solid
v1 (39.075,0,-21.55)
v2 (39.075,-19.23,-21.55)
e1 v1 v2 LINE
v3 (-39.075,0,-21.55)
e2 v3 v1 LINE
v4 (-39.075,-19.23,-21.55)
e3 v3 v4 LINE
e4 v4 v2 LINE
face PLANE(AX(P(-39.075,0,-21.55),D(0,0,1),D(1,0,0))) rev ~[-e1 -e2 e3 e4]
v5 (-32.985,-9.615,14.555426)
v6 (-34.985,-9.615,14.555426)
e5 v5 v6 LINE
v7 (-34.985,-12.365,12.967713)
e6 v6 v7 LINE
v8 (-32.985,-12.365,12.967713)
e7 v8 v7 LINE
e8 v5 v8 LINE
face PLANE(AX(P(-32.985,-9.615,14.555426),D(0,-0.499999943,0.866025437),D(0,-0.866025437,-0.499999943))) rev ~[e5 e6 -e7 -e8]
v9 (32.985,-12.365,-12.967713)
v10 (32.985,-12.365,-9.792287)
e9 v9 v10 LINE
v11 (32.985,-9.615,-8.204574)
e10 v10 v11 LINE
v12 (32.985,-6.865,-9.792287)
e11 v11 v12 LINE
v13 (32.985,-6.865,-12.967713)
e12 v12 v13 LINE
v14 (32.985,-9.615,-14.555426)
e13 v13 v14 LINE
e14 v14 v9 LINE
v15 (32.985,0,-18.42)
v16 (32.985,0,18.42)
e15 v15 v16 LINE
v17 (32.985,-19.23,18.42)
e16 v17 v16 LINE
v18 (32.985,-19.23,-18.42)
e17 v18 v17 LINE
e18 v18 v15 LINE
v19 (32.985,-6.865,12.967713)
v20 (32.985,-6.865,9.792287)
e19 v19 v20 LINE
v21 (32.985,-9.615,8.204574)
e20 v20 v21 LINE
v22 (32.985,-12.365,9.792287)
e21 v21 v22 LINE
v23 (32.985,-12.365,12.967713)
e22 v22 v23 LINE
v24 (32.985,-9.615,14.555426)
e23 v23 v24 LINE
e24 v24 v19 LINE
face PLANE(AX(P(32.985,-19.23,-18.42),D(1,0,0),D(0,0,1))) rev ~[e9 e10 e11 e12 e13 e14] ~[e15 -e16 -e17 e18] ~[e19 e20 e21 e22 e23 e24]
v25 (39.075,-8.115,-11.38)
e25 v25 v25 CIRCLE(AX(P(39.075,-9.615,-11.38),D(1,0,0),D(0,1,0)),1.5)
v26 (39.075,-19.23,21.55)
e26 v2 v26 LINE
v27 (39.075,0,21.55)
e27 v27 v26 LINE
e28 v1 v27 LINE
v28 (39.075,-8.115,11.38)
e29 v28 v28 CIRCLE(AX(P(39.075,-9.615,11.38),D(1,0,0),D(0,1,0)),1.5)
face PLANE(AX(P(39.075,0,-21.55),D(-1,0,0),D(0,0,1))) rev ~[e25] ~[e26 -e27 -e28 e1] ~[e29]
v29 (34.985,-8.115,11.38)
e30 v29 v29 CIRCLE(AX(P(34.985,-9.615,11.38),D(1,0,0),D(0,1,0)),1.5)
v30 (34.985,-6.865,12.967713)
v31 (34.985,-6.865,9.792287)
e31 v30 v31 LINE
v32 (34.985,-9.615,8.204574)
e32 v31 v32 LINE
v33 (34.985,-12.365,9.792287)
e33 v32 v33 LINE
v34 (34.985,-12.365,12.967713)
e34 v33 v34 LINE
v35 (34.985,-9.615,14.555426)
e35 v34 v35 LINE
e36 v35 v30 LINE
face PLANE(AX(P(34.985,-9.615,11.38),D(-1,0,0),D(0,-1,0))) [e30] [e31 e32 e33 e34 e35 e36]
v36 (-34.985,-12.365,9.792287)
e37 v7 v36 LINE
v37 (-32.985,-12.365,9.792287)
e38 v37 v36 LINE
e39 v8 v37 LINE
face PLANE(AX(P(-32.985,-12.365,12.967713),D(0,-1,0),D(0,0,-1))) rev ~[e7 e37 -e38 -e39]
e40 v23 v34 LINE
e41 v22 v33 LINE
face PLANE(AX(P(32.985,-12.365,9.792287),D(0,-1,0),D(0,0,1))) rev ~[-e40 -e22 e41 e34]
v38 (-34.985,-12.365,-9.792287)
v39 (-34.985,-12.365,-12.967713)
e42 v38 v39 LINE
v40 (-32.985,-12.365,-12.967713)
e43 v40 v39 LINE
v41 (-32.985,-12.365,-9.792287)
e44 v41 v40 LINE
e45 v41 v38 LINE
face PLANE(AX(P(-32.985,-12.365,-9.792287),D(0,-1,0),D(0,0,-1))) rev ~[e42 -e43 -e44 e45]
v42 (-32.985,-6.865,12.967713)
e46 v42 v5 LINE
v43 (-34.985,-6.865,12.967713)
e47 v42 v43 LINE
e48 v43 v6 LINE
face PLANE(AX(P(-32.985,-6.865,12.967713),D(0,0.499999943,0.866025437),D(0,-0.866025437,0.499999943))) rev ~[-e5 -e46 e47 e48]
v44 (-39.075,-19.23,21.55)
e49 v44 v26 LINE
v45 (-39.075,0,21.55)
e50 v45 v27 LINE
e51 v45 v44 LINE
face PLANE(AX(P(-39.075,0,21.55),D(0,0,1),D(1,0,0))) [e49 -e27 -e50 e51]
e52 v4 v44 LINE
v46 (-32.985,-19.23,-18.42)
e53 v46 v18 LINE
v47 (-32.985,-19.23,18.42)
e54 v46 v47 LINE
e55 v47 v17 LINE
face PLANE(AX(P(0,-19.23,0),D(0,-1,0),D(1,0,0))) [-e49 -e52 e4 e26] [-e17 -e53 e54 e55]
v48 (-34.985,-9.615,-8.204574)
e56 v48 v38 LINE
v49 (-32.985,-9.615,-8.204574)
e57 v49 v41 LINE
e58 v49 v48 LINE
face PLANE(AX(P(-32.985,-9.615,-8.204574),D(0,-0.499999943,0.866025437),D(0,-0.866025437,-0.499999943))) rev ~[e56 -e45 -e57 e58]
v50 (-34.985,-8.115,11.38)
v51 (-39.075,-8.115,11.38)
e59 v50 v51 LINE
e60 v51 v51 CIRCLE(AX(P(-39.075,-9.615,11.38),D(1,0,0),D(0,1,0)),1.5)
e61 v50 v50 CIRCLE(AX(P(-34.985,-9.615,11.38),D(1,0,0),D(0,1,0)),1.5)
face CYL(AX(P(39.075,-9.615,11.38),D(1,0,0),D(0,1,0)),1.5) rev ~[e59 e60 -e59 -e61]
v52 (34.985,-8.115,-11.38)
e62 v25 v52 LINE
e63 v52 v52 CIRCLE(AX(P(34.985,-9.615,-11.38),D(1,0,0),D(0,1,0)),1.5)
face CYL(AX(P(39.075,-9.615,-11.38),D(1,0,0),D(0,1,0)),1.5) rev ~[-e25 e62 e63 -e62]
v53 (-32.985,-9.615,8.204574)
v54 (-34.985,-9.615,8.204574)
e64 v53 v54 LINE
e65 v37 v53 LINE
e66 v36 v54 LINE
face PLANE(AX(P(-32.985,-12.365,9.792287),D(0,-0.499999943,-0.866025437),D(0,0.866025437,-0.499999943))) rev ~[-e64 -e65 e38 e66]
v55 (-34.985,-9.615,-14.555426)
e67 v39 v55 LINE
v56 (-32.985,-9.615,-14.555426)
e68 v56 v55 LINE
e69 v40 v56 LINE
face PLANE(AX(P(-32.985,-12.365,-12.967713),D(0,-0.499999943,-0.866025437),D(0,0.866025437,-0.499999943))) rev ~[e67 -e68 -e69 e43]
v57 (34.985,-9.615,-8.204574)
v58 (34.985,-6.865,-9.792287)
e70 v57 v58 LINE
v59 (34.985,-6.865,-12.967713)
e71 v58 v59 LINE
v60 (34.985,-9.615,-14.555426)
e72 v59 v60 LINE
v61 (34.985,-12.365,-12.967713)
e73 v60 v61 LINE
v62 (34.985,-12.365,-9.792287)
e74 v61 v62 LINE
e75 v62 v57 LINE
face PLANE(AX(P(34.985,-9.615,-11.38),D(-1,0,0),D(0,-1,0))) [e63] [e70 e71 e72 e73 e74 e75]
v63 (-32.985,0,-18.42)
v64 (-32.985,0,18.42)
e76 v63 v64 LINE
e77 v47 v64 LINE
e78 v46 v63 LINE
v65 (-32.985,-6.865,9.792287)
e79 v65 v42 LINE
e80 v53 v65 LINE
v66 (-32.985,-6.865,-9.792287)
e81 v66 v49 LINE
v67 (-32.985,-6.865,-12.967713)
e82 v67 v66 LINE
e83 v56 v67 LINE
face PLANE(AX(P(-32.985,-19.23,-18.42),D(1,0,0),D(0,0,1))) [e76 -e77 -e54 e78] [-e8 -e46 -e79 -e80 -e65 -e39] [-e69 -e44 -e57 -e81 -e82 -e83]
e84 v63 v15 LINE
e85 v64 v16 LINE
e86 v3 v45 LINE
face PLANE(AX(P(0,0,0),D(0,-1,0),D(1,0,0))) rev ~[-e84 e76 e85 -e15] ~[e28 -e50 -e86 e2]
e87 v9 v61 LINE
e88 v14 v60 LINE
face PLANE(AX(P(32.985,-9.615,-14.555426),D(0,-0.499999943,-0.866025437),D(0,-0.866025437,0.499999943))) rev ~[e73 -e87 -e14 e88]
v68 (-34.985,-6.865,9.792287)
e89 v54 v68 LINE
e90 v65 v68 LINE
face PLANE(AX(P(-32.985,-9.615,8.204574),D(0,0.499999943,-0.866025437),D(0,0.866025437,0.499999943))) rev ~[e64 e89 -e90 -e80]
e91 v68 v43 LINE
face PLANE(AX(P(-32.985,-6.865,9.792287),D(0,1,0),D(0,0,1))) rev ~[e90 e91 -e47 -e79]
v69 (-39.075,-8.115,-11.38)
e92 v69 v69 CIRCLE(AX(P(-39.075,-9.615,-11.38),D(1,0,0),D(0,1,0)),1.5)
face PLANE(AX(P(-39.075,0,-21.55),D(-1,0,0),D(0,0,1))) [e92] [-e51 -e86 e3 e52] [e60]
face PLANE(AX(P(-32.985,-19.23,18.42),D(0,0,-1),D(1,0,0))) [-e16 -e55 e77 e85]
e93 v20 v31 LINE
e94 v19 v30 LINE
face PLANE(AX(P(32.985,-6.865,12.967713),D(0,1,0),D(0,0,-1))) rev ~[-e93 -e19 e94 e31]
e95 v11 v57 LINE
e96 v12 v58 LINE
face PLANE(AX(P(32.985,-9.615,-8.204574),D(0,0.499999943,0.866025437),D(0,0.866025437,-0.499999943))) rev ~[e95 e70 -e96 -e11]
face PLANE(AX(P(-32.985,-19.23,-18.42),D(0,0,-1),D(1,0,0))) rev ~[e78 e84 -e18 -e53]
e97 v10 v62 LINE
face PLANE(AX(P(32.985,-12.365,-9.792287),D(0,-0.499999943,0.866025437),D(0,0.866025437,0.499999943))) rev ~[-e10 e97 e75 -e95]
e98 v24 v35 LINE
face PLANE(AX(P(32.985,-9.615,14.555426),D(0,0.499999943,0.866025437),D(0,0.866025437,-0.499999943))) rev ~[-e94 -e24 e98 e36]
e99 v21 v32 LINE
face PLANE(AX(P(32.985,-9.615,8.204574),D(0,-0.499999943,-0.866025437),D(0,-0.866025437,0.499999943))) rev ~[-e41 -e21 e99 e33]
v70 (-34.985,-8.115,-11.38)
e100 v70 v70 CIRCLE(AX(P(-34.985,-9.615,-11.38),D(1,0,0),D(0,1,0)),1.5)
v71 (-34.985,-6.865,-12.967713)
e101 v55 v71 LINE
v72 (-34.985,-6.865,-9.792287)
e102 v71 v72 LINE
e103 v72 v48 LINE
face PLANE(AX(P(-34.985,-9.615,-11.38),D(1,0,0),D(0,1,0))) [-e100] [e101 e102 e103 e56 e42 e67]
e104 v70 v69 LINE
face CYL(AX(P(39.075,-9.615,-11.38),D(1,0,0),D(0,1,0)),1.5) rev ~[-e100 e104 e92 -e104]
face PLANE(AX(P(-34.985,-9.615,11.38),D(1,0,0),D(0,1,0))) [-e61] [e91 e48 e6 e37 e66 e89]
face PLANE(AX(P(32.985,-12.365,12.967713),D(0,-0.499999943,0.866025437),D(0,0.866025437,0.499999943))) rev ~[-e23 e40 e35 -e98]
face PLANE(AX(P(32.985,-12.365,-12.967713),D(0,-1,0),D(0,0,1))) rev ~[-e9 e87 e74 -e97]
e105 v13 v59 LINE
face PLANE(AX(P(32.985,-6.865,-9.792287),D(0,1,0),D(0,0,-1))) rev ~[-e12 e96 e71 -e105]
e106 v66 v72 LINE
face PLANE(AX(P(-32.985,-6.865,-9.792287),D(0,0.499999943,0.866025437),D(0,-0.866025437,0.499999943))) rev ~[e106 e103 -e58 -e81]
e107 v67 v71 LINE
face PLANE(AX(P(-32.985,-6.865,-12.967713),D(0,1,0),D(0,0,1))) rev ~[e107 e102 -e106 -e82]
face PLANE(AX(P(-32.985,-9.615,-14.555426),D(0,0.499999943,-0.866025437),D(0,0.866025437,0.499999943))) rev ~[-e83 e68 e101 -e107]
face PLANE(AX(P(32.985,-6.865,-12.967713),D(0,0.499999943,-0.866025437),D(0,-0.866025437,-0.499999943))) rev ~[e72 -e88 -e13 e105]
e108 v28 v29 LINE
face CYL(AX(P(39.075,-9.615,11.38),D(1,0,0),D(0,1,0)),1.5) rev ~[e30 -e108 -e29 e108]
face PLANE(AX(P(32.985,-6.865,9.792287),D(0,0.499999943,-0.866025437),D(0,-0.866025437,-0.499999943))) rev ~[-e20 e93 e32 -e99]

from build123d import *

# Parameters (mm, degrees)
F0_W     = 78.15
F0_H     = 43.1
F1_DEPTH = 19.23
F2_W     = 65.97
F2_H     = 36.84
F3_DEPTH = 35
F4_R     = 1.5
F5_DEPTH = 100000
F8_DEPTH = 2
F9_DEPTH = 2


with BuildPart() as f1:
    # F0 (on Front) → F1 (new body)
    with BuildSketch(Plane.XZ):
        Rectangle(F0_W, F0_H)
    extrude(amount=F1_DEPTH)

    # F2 (on face) → F3 (cut)
    with BuildSketch(Plane.XZ.offset(19.23)):
        Rectangle(F2_W, F2_H)
    extrude(amount=-F3_DEPTH, mode=Mode.SUBTRACT)

    # F4 (on face) → F5 (cut)
    with BuildSketch(Plane.YZ.offset(39.075)):
        with Locations((-9.615, 11.38)):
            Circle(F4_R)
        with Locations((-9.615, -11.38)):
            Circle(F4_R)
    extrude(amount=-F5_DEPTH, mode=Mode.SUBTRACT)

    # F7 (on face) → F8 (cut)
    with BuildSketch(Plane(origin=(32.985, 0, 0), x_dir=(0, -1, 0), z_dir=(-1, 0, 0))):
        Polygon((12.365, 9.792287), (12.365, 12.967713), (9.615, 14.555426), (6.865, 12.967713), (6.865, 9.792287), (9.615, 8.204574), align=None)
        Polygon((6.865, -12.967713), (9.615, -14.555426), (12.365, -12.967713), (12.365, -9.792287), (9.615, -8.204574), (6.865, -9.792287), align=None)
    extrude(amount=-F8_DEPTH, mode=Mode.SUBTRACT)

    # F6 (on face) → F9 (cut)
    with BuildSketch(Plane.YZ.offset(-32.985)):
        Polygon((-6.865, 9.792287), (-6.865, 12.967713), (-9.615, 14.555426), (-12.365, 12.967713), (-12.365, 9.792287), (-9.615, 8.204574), align=None)
        Polygon((-12.365, -12.967713), (-9.615, -14.555426), (-6.865, -12.967713), (-6.865, -9.792287), (-9.615, -8.204574), (-12.365, -9.792287), align=None)
    extrude(amount=-F9_DEPTH, mode=Mode.SUBTRACT)


solid = f1.part
